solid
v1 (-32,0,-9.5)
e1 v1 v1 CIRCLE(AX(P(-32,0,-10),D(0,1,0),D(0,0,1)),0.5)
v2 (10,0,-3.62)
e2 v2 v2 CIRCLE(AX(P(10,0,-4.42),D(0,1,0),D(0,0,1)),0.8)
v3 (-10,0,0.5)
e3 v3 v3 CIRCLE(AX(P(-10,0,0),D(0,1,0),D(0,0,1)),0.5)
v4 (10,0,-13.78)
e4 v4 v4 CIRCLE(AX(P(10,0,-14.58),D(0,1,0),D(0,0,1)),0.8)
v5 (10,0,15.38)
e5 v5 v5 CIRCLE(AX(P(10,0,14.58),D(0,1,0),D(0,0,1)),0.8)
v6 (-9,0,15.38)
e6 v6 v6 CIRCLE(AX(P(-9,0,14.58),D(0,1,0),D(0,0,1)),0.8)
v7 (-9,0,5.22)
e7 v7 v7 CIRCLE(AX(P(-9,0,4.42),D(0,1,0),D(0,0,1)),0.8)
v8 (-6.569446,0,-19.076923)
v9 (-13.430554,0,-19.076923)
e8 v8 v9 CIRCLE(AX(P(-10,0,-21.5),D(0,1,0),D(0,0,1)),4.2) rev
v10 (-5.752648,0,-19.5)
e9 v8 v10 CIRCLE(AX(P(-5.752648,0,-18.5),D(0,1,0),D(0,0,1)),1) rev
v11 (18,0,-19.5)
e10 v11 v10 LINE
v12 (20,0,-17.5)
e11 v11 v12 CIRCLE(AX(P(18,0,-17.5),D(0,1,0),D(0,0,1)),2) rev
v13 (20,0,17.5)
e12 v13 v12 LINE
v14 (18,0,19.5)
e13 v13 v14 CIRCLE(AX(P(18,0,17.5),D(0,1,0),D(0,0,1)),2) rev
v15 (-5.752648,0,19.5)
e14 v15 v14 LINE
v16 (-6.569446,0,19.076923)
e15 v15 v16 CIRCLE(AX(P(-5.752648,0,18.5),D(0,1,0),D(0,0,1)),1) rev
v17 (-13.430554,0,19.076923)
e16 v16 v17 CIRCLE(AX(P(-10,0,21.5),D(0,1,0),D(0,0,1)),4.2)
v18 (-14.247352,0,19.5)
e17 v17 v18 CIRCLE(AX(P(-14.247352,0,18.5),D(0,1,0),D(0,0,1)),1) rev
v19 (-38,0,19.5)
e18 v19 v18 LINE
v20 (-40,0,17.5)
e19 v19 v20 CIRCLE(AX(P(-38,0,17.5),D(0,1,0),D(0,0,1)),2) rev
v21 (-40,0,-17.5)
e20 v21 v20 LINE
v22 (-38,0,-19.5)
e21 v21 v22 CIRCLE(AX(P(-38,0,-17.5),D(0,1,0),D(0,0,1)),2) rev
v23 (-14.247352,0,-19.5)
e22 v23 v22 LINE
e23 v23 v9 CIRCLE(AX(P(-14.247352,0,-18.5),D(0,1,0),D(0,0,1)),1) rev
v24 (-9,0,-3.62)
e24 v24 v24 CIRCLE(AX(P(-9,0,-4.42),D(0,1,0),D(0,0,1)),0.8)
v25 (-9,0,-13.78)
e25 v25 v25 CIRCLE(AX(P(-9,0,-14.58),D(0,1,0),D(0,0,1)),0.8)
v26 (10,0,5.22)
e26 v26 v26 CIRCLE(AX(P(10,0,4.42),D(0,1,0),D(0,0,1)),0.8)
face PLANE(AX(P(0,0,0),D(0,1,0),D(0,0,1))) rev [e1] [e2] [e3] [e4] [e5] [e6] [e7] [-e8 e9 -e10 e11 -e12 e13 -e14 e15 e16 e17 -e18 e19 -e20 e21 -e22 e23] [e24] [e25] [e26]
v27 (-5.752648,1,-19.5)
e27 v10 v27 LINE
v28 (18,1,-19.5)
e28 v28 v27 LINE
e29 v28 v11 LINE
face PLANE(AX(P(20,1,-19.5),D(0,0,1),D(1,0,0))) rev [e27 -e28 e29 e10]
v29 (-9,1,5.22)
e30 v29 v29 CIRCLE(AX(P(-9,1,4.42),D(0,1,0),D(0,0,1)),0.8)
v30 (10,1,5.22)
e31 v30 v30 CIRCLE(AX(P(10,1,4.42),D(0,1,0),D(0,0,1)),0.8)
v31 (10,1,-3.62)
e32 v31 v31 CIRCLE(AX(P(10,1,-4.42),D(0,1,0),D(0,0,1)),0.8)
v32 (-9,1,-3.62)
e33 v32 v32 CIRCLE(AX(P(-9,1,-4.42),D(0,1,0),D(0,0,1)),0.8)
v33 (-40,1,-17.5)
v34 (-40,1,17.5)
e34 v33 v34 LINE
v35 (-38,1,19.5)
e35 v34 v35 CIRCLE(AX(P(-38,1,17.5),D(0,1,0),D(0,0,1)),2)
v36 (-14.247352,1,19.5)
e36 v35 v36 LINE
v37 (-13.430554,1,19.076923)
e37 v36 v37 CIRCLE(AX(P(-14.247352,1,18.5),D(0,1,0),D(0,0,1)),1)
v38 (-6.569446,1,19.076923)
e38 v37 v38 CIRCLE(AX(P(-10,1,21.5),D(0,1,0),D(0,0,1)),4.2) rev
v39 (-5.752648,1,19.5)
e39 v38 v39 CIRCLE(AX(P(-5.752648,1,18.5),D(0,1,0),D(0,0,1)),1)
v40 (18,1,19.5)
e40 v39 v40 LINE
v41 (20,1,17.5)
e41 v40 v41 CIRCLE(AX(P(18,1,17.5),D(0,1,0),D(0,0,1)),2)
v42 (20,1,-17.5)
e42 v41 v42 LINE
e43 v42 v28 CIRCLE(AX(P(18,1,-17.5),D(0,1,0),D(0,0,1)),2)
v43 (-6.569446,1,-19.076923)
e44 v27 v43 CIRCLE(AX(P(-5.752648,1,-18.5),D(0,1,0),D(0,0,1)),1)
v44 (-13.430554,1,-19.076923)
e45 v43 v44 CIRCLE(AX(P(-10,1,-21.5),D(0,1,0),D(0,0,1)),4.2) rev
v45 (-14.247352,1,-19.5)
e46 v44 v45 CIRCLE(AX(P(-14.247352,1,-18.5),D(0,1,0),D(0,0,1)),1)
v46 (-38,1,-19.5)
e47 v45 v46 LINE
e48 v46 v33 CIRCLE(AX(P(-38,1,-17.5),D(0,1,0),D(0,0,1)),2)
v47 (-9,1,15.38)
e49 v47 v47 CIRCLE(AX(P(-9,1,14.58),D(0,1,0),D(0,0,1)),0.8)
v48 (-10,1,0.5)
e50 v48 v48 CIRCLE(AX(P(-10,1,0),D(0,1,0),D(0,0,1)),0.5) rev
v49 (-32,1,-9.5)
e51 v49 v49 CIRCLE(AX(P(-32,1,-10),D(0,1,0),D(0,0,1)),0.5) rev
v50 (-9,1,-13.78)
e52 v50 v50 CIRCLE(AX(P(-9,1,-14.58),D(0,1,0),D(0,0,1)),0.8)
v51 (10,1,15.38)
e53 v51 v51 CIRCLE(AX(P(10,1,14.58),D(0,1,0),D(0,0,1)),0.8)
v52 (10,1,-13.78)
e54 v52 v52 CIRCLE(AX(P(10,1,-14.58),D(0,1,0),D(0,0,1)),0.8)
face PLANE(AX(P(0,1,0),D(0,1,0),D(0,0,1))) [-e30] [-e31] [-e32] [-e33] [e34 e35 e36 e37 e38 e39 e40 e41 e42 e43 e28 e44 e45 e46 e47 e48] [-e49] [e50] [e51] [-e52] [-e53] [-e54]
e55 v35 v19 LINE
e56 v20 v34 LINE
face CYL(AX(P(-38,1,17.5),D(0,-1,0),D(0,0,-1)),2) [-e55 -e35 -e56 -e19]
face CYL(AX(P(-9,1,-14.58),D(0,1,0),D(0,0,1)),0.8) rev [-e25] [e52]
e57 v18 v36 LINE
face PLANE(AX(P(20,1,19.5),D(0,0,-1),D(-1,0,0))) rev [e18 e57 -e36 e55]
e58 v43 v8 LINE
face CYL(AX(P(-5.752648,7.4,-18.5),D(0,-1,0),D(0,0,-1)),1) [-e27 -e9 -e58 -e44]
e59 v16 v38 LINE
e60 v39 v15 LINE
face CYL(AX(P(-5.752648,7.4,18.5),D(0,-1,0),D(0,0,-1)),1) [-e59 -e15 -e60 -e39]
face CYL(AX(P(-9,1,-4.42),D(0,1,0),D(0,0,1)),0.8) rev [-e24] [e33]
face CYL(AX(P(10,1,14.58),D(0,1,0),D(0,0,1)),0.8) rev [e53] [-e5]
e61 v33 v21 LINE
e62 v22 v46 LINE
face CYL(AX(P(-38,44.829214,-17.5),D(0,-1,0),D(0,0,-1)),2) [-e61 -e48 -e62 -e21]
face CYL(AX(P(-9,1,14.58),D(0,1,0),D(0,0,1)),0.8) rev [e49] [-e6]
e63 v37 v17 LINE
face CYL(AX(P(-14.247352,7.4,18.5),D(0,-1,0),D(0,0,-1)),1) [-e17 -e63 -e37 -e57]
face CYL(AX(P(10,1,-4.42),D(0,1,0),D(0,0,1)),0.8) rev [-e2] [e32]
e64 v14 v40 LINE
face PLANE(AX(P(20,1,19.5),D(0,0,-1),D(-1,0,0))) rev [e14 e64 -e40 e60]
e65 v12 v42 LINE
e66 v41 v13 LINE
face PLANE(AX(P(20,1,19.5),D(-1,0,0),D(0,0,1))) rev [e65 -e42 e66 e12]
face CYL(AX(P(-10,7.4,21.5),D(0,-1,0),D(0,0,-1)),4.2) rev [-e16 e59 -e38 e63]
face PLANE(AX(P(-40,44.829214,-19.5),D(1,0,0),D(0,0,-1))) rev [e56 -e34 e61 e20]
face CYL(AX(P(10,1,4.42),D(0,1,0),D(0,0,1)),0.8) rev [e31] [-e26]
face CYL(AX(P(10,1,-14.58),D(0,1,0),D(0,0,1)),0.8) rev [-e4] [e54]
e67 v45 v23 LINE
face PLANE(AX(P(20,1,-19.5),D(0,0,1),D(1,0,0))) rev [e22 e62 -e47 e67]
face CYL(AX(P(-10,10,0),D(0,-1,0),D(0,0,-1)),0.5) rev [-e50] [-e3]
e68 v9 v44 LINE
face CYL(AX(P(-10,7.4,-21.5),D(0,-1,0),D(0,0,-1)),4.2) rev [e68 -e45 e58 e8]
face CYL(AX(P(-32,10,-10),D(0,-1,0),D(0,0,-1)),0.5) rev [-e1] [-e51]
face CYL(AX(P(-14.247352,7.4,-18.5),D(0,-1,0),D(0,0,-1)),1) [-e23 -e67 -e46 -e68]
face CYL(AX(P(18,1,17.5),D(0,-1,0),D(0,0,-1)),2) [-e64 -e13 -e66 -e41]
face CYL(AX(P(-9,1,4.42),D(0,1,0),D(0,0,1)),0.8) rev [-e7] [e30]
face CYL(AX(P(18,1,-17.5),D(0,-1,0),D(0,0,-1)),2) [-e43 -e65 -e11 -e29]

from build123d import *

# Parameters (mm, degrees)
SKETCH1_W                      = 40
SKETCH1_H                      = 39
BOSS_EXTRUDE1_DEPTH            = 1
SKETCH2_W                      = 20
SKETCH2_H                      = 39
BOSS_EXTRUDE2_DEPTH            = 1
FILLET1_R                      = 2
F_1_6_1_6_DIAMETER_HOLE1_D     = 1.6
F_1_6_1_6_DIAMETER_HOLE1_DEPTH = 19.77
F_1_6_1_6_DIAMETER_HOLE1_TIP   = 0.480688495
SKETCH11_R                     = 4.2
CUT_EXTRUDE1_DEPTH             = 7.4
FILLET2_R                      = 1
SKETCH12_R                     = 0.5
CUT_EXTRUDE2_DEPTH             = 10
SKETCH14_R                     = 0.5
CUT_EXTRUDE3_DEPTH             = 10


with BuildPart() as part:
    # Sketch1 → Boss-Extrude1 (new body)
    with BuildSketch(Plane(origin=(0, 0, 0), x_dir=(1, 0, 0), z_dir=(0, 1, 0))):
        Rectangle(SKETCH1_W, SKETCH1_H)
    extrude(amount=BOSS_EXTRUDE1_DEPTH)

    # Sketch2 → Boss-Extrude2 (add)
    with BuildSketch(Plane(origin=(0, 0, 0), x_dir=(1, 0, 0), z_dir=(0, 1, 0))):
        with Locations((-30, 0)):
            Rectangle(SKETCH2_W, SKETCH2_H)
    extrude(amount=BOSS_EXTRUDE2_DEPTH)

    # Fillet1
    fillet1_edges = [part.edges().sort_by_distance(p)[0] for p in [
        (-40, 0.5, -19.5),
        (-40, 0.5, 19.5),
        (20, 0.5, -19.5),
        (20, 0.5, 19.5),
    ]]
    fillet(fillet1_edges, radius=FILLET1_R)

    # Ø1.6 (1.6) Diameter Hole1
    with Locations(Plane(origin=(0, 1, 0), x_dir=(1, 0, 0), z_dir=(0, 1, 0))):
        with Locations((10, 14.58), (10, 4.42), (10, -4.42), (10, -14.58), (-9, -14.58), (-9, -4.42), (-9, 4.42), (-9, 14.58)):
            Hole(F_1_6_1_6_DIAMETER_HOLE1_D / 2, depth=F_1_6_1_6_DIAMETER_HOLE1_DEPTH)
            with Locations((0, 0, -(F_1_6_1_6_DIAMETER_HOLE1_DEPTH + F_1_6_1_6_DIAMETER_HOLE1_TIP / 2))):  # 118° drill point
                Cone(0, F_1_6_1_6_DIAMETER_HOLE1_D / 2, F_1_6_1_6_DIAMETER_HOLE1_TIP, mode=Mode.SUBTRACT)

    # Sketch11 → Cut-Extrude1 (cut)
    with BuildSketch(Plane(origin=(0, 0, 0), x_dir=(1, 0, 0), z_dir=(0, 1, 0))):
        with Locations((-10, -21.5)):
            Circle(SKETCH11_R)
        with Locations((-10, 21.5)):
            Circle(SKETCH11_R)
    extrude(amount=CUT_EXTRUDE1_DEPTH, mode=Mode.SUBTRACT)

    # Fillet2
    fillet2_edges = [part.edges().sort_by_distance(p)[0] for p in [
        (-6.306762937, 0.5, 19.5),
        (-13.693237063, 0.5, 19.5),
        (-13.693237063, 0.5, -19.5),
        (-6.306762937, 0.5, -19.5),
    ]]
    fillet(fillet2_edges, radius=FILLET2_R)

    # Sketch12 → Cut-Extrude2 (cut)
    with BuildSketch(Plane(origin=(0, 0, 0), x_dir=(1, 0, 0), z_dir=(0, 1, 0))):
        with Locations(Location((-32, 10, 0), (0, 0, 270))):
            Circle(SKETCH12_R)
    extrude(amount=CUT_EXTRUDE2_DEPTH, mode=Mode.SUBTRACT)

    # Sketch14 → Cut-Extrude3 (cut)
    with BuildSketch(Plane(origin=(0, 0, 0), x_dir=(1, 0, 0), z_dir=(0, 1, 0))):
        with Locations(Location((-10, 0, 0), (0, 0, 270))):
            Circle(SKETCH14_R)
    extrude(amount=CUT_EXTRUDE3_DEPTH, mode=Mode.SUBTRACT)


solid = part.part
